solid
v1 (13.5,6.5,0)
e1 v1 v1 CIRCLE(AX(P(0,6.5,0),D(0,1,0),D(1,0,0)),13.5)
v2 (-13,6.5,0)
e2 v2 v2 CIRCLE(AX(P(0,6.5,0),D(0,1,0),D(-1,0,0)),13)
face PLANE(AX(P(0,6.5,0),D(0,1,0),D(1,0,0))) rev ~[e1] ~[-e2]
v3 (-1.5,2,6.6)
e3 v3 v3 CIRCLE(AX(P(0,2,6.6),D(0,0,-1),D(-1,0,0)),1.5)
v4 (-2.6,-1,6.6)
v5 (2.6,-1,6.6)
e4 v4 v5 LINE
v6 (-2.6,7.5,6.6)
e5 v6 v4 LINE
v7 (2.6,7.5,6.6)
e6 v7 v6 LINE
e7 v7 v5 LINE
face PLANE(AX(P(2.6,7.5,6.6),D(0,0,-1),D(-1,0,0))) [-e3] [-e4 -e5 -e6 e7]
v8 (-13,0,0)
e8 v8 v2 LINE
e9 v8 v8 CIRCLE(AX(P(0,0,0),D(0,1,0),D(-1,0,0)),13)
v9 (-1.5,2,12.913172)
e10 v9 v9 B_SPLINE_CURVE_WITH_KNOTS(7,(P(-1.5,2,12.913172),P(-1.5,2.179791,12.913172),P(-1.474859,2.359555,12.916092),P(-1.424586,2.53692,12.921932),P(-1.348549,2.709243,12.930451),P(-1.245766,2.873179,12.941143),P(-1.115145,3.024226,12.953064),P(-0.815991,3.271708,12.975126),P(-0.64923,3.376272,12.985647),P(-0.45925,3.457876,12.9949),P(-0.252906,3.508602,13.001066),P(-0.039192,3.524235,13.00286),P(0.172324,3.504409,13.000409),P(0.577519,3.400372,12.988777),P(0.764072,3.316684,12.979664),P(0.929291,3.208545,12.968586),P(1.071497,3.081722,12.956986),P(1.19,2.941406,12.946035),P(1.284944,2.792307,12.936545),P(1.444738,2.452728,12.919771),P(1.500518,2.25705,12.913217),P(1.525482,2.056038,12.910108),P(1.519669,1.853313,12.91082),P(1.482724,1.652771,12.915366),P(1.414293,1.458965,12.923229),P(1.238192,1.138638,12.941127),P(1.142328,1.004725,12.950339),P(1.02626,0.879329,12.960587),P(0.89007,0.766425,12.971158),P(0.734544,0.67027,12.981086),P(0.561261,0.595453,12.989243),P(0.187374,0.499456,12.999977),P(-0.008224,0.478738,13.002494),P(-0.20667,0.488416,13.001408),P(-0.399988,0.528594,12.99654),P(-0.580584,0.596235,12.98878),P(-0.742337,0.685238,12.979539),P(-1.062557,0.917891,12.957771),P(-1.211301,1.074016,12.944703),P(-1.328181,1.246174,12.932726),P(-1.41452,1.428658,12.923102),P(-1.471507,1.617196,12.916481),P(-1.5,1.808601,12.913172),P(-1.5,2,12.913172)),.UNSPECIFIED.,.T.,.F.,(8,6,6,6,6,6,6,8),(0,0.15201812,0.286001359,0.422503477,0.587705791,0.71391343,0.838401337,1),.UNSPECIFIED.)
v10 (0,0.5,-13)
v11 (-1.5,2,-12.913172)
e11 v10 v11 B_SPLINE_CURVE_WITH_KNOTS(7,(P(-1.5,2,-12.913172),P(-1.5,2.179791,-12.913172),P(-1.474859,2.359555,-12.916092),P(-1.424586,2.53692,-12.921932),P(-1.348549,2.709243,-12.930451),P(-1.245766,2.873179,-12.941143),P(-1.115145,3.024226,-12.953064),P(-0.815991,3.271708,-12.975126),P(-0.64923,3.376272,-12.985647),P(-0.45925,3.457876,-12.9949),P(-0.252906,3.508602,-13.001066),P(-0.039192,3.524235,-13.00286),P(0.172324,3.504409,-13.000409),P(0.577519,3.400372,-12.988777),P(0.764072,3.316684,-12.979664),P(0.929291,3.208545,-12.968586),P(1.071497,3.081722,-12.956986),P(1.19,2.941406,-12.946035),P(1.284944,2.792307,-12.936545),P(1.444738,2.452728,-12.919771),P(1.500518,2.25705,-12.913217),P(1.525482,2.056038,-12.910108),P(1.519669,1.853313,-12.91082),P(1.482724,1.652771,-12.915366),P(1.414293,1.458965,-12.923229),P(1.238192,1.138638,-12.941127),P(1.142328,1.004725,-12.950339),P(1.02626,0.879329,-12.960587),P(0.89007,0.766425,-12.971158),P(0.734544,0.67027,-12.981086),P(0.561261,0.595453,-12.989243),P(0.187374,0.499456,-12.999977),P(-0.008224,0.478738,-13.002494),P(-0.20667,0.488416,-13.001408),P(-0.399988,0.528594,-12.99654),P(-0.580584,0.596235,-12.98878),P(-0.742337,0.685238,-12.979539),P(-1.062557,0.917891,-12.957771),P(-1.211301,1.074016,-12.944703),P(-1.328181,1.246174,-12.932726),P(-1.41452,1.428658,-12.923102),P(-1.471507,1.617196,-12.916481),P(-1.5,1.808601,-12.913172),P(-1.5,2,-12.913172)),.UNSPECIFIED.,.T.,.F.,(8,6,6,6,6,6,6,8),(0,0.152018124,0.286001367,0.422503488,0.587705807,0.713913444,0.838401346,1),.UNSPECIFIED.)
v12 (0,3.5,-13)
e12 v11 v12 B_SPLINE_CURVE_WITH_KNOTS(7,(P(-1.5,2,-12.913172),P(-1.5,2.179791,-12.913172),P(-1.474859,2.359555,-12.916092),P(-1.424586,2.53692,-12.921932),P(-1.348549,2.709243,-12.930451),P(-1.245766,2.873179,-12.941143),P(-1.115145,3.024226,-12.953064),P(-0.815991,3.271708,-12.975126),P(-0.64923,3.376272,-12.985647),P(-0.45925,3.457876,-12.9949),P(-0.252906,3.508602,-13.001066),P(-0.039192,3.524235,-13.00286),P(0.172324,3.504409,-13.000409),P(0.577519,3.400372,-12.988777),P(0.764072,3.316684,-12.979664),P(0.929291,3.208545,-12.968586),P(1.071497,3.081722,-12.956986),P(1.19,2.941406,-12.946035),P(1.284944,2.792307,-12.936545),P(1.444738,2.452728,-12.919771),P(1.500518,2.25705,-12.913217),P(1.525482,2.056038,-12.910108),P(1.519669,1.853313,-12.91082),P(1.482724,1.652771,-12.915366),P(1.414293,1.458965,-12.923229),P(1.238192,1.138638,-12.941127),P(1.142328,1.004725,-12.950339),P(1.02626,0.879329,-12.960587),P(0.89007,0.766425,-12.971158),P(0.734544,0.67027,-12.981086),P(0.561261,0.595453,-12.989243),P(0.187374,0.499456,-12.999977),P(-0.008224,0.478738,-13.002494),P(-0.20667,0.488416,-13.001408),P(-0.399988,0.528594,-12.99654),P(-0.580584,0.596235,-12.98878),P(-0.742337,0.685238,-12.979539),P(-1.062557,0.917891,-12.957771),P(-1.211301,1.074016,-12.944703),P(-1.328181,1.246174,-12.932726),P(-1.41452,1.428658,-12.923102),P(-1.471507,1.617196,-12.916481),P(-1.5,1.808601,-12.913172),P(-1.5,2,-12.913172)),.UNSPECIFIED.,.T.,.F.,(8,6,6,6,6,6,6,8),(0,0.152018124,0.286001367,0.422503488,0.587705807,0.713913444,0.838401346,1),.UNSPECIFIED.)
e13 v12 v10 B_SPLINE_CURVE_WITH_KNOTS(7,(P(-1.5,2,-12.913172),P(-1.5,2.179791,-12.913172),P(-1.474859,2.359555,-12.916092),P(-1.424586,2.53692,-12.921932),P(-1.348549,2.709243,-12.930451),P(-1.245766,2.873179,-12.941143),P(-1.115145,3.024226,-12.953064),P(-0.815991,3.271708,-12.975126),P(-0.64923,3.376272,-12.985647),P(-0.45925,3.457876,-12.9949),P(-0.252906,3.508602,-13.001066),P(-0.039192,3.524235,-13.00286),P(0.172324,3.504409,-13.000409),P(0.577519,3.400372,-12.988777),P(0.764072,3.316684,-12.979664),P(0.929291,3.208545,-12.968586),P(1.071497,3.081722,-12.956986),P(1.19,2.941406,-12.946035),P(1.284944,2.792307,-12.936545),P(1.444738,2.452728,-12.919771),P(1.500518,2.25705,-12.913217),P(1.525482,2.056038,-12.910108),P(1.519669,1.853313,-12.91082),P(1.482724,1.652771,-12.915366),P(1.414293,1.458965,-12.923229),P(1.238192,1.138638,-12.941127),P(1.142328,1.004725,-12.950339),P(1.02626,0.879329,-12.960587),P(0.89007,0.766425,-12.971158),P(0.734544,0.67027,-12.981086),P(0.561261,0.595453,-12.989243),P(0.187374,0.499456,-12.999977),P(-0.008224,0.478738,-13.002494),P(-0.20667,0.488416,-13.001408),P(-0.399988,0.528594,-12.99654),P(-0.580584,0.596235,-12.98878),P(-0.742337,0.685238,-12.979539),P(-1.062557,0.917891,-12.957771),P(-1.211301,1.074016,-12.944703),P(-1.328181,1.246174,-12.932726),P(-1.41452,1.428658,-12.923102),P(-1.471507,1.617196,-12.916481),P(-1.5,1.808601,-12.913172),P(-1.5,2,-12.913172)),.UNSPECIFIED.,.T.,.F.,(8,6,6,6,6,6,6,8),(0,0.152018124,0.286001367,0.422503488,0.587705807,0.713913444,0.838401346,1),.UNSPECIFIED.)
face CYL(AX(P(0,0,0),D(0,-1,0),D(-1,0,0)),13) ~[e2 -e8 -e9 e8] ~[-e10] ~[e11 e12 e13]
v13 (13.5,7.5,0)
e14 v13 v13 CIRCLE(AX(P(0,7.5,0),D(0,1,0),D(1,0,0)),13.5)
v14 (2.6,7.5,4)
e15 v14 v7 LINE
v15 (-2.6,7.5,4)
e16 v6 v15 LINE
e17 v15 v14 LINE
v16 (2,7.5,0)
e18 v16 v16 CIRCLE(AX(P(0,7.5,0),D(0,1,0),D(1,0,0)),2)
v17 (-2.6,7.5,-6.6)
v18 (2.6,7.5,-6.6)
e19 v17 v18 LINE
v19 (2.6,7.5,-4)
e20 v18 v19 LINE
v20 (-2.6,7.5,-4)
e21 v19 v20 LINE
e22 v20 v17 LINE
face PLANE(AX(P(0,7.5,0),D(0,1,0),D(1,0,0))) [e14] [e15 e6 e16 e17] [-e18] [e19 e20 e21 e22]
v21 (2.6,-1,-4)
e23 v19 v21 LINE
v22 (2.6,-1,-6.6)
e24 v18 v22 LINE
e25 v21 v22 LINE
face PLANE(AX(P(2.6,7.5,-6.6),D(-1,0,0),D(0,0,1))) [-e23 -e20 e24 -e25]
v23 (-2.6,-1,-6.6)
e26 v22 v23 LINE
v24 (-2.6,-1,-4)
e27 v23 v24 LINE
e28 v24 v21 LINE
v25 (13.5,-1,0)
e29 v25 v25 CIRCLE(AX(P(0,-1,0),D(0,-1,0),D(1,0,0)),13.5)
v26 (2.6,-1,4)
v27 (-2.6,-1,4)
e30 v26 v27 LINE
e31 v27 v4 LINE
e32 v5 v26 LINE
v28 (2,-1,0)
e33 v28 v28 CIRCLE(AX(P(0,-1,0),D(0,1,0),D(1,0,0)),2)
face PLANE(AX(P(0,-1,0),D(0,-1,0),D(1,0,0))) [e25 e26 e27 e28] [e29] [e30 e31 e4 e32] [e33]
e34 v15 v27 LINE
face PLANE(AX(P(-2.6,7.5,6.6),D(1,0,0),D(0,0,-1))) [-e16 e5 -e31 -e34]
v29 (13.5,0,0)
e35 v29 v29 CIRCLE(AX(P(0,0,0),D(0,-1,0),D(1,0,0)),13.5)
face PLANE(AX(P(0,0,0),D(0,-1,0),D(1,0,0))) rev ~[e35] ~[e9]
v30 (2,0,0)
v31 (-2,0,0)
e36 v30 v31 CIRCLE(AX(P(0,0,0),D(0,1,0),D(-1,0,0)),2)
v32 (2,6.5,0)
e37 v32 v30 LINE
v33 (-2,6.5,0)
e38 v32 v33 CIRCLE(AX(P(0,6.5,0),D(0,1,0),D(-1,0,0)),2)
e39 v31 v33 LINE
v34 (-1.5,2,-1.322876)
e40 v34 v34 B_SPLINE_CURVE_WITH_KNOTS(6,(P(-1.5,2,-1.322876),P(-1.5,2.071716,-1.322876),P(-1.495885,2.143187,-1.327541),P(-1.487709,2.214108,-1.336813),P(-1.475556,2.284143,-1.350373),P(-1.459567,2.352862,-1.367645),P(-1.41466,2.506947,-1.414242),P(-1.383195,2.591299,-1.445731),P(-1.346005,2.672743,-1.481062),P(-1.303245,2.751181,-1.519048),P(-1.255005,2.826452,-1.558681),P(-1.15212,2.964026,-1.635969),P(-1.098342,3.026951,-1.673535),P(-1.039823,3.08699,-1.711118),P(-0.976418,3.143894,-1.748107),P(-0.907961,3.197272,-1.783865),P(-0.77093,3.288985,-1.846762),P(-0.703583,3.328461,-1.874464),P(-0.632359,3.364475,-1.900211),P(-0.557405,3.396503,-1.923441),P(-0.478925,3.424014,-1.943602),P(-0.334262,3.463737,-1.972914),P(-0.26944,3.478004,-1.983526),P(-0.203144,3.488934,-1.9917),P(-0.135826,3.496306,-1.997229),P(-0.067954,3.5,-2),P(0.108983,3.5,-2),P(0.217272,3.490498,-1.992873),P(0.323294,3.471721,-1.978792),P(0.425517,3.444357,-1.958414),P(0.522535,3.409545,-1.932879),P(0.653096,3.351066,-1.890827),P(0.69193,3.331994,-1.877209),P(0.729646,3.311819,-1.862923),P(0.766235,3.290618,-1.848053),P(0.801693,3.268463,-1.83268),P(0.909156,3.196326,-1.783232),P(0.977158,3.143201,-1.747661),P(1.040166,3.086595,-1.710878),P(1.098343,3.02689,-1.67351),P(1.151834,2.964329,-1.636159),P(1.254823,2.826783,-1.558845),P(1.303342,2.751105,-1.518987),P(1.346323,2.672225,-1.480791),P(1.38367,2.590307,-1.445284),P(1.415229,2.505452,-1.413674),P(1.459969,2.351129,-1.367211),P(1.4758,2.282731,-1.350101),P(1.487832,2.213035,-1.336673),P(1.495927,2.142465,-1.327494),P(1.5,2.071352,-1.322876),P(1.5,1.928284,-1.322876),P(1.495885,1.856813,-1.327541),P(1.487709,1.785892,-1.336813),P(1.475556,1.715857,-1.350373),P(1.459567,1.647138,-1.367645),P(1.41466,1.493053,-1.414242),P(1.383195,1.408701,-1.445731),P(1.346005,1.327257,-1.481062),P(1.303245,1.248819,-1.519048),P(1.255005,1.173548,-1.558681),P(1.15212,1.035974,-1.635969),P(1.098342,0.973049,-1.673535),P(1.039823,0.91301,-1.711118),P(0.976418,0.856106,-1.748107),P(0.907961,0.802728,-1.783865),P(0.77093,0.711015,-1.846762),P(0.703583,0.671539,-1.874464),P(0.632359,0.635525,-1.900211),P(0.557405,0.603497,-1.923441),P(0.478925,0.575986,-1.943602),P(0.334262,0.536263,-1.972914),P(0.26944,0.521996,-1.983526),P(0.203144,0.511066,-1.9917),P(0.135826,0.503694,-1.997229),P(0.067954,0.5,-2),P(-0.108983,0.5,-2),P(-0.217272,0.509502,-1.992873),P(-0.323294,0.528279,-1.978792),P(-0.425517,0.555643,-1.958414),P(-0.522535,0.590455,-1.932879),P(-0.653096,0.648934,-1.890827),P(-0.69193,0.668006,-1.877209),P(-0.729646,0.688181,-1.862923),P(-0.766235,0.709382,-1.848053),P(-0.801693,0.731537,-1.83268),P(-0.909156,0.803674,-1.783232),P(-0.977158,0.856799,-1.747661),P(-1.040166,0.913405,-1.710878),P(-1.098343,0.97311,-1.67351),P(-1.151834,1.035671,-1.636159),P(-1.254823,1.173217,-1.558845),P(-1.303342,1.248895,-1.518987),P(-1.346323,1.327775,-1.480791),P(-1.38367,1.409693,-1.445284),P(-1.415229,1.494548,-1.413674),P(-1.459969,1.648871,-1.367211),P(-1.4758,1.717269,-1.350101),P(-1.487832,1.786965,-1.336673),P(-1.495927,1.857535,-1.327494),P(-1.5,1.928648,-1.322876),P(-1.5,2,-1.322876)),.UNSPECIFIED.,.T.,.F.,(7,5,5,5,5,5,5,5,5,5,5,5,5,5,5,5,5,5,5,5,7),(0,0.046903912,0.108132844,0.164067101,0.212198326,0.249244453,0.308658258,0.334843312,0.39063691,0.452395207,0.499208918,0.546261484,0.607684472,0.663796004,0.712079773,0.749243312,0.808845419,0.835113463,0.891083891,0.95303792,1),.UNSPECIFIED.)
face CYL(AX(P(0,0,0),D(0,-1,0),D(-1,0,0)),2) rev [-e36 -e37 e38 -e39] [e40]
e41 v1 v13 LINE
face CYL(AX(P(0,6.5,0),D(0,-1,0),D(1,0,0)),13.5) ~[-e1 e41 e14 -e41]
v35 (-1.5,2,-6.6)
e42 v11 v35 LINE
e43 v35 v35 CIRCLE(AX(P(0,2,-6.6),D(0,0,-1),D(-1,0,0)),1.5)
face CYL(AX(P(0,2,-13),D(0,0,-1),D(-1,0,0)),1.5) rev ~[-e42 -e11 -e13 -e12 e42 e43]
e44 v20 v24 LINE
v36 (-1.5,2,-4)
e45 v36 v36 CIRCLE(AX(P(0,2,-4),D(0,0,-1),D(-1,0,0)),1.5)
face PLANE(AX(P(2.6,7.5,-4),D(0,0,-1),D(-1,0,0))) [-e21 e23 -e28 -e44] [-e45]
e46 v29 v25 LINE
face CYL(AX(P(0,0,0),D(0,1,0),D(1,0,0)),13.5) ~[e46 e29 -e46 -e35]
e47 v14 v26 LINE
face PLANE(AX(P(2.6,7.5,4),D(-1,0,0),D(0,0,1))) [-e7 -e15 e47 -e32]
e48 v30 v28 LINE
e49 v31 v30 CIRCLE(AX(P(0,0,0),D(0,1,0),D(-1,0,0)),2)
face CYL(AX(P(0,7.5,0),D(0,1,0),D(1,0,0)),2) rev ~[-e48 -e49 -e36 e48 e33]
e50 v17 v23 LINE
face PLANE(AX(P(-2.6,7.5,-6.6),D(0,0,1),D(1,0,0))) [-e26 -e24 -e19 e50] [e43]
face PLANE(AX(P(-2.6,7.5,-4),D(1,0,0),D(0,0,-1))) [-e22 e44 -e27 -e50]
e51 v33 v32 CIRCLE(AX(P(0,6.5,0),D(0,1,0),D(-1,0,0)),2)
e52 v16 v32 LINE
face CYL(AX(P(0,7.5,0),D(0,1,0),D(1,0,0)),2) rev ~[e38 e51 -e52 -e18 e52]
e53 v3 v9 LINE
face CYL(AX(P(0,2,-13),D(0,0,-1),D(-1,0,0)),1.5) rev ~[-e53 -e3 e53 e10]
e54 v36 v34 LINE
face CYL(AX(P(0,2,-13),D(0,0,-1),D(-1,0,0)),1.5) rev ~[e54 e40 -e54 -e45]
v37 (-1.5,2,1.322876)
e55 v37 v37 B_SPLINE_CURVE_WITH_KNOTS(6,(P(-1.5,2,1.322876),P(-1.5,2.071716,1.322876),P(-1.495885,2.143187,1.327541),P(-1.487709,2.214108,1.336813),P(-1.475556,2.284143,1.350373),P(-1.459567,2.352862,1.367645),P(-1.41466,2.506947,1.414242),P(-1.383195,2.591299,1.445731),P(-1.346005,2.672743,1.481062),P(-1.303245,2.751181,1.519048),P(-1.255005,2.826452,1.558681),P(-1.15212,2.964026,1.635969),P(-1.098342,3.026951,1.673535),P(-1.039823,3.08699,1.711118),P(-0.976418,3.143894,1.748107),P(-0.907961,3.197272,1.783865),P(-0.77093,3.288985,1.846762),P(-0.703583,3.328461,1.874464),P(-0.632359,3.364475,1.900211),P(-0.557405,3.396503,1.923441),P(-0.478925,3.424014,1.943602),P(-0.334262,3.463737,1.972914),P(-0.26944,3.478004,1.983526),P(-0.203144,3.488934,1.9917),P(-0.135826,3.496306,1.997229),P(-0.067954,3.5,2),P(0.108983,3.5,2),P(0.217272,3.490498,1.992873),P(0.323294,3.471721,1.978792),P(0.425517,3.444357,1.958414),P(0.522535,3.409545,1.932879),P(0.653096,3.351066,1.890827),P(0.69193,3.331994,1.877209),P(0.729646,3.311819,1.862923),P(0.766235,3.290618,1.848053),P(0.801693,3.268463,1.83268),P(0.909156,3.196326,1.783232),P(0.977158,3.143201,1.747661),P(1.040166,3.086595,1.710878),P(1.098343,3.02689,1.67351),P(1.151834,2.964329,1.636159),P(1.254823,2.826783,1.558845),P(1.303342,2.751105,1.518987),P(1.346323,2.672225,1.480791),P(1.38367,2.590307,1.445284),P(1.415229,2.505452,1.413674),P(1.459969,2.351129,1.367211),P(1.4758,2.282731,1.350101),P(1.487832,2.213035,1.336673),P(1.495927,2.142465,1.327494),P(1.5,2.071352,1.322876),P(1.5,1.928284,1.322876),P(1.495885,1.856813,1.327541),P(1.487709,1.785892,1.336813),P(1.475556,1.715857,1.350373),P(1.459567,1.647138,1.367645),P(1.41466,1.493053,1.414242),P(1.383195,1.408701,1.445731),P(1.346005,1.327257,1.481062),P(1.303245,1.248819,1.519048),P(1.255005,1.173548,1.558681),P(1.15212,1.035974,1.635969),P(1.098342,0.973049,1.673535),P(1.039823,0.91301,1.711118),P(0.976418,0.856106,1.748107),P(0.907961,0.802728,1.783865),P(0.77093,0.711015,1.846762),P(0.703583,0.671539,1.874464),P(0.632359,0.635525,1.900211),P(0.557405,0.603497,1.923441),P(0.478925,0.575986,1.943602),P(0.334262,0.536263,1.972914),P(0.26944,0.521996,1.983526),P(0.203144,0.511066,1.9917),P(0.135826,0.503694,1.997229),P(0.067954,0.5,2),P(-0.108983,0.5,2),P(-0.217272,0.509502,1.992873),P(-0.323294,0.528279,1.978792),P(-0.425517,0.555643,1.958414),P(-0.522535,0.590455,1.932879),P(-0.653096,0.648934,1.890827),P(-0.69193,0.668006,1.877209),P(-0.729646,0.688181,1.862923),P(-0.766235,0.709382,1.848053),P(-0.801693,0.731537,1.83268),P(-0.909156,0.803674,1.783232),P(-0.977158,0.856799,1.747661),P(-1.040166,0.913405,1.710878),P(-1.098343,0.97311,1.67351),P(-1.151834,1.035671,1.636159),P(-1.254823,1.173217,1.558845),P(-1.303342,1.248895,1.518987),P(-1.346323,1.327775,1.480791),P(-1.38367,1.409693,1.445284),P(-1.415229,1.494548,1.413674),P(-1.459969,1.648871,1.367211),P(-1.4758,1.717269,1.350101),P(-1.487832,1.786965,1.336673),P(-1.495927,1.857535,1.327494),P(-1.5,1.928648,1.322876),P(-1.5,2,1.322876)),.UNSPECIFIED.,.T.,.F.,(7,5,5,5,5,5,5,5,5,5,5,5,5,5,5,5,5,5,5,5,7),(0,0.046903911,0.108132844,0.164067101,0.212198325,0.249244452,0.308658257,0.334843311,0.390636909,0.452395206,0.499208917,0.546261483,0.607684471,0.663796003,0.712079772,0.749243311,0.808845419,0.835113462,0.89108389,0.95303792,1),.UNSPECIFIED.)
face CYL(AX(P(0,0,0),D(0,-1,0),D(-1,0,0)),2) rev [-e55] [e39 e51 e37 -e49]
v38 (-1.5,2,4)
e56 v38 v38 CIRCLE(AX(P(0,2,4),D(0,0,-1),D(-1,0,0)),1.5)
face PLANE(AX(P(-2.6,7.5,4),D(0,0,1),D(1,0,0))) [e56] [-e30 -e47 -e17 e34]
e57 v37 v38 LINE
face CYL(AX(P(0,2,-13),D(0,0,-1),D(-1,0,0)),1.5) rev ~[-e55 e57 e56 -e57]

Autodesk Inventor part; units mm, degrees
ref_plane "YZ Plane" through (0, 0, 0) normal (1, 0, 0) x (0, 1, 0)
ref_plane "XZ Plane" through (0, 0, 0) normal (0, 1, 0) x (-1, 0, 0)
ref_plane "XY Plane" through (0, 0, 0) normal (0, 0, 1) x (1, 0, 0)
sketch "Эскиз1" plane through (0, 0, 0) normal (0, 1, 0) x (-1, 0, 0)
  circle A0 centre (0, 0) radius 13
  circle A1 centre (0, 0) radius 2
  dimension "d0" = 26
  dimension "d3" = 4
extrude "Выдавливание1" add sketch "Эскиз1" along normal blind 6.5
sketch "Эскиз2" plane through (0, 6.5, 0) normal (0, 1, 0) x (1, 0, 0)
  circle A0 centre (0, 0) radius 13.5
  dimension "d4" = 27
extrude "Выдавливание2" add sketch "Эскиз2" along normal blind 1
sketch "Эскиз3" plane through (0, 0, 0) normal (0, -1, 0) x (1, 0, 0)
  circle A0 centre (0, 0) radius 13.5
  dimension "d7" = 27
extrude "Выдавливание3" add sketch "Эскиз3" along normal blind 1
sketch "Эскиз4" plane through (0, 7.5, 0) normal (0, 1, 0) x (1, 0, 0)
  circle A0 centre (0, 0) radius 2
  line L0 (2.6, -6.6) -> (-2.6, -6.6)
  line L1 (-2.6, -6.6) -> (-2.6, -4)
  line L2 (-2.6, -4) -> (2.6, -4)
  line L3 (2.6, -4) -> (2.6, -6.6)
  line L4 (2.6, 4) -> (-2.6, 4)
  line L5 (-2.6, 4) -> (-2.6, 6.6)
  line L6 (-2.6, 6.6) -> (2.6, 6.6)
  line L7 (2.6, 6.6) -> (2.6, 4)
  dimension "d12" = 4
  dimension "d13" = 5.2
  dimension "d14" = 2.6
  dimension "d15" = 2.6
  dimension "d16" = 4
  dimension "d17" = 5.2
  dimension "d18" = 2.6
  dimension "d19" = 2.6
  dimension "d20" = 4
extrude "Выдавливание4" cut sketch "Эскиз4" against normal blind 8.75
ref_plane "РабПлоскость1" through (2.6, 7.5, -13) normal (0, 0, -1) x (-1, 0, 0)
sketch "Эскиз6" plane through (2.6, 7.5, -13) normal (0, 0, -1) x (-1, 0, 0)
  circle A0 centre (2.6, -5.5) radius 1.5
  line L0 (-10.9, -7.5) -> (16.1, -7.5) projected
  point P0 (2.6, -7.5)
  dimension "d24" = 3
  dimension "d25" = 2
extrude "Выдавливание5" cut sketch "Эскиз6" against normal blind 27
ref_plane "РабПлоскость2" through (13.4, 7.5, -4) normal (1, 0, 0) x (0, 0, -1)
properties part number "koleso"
